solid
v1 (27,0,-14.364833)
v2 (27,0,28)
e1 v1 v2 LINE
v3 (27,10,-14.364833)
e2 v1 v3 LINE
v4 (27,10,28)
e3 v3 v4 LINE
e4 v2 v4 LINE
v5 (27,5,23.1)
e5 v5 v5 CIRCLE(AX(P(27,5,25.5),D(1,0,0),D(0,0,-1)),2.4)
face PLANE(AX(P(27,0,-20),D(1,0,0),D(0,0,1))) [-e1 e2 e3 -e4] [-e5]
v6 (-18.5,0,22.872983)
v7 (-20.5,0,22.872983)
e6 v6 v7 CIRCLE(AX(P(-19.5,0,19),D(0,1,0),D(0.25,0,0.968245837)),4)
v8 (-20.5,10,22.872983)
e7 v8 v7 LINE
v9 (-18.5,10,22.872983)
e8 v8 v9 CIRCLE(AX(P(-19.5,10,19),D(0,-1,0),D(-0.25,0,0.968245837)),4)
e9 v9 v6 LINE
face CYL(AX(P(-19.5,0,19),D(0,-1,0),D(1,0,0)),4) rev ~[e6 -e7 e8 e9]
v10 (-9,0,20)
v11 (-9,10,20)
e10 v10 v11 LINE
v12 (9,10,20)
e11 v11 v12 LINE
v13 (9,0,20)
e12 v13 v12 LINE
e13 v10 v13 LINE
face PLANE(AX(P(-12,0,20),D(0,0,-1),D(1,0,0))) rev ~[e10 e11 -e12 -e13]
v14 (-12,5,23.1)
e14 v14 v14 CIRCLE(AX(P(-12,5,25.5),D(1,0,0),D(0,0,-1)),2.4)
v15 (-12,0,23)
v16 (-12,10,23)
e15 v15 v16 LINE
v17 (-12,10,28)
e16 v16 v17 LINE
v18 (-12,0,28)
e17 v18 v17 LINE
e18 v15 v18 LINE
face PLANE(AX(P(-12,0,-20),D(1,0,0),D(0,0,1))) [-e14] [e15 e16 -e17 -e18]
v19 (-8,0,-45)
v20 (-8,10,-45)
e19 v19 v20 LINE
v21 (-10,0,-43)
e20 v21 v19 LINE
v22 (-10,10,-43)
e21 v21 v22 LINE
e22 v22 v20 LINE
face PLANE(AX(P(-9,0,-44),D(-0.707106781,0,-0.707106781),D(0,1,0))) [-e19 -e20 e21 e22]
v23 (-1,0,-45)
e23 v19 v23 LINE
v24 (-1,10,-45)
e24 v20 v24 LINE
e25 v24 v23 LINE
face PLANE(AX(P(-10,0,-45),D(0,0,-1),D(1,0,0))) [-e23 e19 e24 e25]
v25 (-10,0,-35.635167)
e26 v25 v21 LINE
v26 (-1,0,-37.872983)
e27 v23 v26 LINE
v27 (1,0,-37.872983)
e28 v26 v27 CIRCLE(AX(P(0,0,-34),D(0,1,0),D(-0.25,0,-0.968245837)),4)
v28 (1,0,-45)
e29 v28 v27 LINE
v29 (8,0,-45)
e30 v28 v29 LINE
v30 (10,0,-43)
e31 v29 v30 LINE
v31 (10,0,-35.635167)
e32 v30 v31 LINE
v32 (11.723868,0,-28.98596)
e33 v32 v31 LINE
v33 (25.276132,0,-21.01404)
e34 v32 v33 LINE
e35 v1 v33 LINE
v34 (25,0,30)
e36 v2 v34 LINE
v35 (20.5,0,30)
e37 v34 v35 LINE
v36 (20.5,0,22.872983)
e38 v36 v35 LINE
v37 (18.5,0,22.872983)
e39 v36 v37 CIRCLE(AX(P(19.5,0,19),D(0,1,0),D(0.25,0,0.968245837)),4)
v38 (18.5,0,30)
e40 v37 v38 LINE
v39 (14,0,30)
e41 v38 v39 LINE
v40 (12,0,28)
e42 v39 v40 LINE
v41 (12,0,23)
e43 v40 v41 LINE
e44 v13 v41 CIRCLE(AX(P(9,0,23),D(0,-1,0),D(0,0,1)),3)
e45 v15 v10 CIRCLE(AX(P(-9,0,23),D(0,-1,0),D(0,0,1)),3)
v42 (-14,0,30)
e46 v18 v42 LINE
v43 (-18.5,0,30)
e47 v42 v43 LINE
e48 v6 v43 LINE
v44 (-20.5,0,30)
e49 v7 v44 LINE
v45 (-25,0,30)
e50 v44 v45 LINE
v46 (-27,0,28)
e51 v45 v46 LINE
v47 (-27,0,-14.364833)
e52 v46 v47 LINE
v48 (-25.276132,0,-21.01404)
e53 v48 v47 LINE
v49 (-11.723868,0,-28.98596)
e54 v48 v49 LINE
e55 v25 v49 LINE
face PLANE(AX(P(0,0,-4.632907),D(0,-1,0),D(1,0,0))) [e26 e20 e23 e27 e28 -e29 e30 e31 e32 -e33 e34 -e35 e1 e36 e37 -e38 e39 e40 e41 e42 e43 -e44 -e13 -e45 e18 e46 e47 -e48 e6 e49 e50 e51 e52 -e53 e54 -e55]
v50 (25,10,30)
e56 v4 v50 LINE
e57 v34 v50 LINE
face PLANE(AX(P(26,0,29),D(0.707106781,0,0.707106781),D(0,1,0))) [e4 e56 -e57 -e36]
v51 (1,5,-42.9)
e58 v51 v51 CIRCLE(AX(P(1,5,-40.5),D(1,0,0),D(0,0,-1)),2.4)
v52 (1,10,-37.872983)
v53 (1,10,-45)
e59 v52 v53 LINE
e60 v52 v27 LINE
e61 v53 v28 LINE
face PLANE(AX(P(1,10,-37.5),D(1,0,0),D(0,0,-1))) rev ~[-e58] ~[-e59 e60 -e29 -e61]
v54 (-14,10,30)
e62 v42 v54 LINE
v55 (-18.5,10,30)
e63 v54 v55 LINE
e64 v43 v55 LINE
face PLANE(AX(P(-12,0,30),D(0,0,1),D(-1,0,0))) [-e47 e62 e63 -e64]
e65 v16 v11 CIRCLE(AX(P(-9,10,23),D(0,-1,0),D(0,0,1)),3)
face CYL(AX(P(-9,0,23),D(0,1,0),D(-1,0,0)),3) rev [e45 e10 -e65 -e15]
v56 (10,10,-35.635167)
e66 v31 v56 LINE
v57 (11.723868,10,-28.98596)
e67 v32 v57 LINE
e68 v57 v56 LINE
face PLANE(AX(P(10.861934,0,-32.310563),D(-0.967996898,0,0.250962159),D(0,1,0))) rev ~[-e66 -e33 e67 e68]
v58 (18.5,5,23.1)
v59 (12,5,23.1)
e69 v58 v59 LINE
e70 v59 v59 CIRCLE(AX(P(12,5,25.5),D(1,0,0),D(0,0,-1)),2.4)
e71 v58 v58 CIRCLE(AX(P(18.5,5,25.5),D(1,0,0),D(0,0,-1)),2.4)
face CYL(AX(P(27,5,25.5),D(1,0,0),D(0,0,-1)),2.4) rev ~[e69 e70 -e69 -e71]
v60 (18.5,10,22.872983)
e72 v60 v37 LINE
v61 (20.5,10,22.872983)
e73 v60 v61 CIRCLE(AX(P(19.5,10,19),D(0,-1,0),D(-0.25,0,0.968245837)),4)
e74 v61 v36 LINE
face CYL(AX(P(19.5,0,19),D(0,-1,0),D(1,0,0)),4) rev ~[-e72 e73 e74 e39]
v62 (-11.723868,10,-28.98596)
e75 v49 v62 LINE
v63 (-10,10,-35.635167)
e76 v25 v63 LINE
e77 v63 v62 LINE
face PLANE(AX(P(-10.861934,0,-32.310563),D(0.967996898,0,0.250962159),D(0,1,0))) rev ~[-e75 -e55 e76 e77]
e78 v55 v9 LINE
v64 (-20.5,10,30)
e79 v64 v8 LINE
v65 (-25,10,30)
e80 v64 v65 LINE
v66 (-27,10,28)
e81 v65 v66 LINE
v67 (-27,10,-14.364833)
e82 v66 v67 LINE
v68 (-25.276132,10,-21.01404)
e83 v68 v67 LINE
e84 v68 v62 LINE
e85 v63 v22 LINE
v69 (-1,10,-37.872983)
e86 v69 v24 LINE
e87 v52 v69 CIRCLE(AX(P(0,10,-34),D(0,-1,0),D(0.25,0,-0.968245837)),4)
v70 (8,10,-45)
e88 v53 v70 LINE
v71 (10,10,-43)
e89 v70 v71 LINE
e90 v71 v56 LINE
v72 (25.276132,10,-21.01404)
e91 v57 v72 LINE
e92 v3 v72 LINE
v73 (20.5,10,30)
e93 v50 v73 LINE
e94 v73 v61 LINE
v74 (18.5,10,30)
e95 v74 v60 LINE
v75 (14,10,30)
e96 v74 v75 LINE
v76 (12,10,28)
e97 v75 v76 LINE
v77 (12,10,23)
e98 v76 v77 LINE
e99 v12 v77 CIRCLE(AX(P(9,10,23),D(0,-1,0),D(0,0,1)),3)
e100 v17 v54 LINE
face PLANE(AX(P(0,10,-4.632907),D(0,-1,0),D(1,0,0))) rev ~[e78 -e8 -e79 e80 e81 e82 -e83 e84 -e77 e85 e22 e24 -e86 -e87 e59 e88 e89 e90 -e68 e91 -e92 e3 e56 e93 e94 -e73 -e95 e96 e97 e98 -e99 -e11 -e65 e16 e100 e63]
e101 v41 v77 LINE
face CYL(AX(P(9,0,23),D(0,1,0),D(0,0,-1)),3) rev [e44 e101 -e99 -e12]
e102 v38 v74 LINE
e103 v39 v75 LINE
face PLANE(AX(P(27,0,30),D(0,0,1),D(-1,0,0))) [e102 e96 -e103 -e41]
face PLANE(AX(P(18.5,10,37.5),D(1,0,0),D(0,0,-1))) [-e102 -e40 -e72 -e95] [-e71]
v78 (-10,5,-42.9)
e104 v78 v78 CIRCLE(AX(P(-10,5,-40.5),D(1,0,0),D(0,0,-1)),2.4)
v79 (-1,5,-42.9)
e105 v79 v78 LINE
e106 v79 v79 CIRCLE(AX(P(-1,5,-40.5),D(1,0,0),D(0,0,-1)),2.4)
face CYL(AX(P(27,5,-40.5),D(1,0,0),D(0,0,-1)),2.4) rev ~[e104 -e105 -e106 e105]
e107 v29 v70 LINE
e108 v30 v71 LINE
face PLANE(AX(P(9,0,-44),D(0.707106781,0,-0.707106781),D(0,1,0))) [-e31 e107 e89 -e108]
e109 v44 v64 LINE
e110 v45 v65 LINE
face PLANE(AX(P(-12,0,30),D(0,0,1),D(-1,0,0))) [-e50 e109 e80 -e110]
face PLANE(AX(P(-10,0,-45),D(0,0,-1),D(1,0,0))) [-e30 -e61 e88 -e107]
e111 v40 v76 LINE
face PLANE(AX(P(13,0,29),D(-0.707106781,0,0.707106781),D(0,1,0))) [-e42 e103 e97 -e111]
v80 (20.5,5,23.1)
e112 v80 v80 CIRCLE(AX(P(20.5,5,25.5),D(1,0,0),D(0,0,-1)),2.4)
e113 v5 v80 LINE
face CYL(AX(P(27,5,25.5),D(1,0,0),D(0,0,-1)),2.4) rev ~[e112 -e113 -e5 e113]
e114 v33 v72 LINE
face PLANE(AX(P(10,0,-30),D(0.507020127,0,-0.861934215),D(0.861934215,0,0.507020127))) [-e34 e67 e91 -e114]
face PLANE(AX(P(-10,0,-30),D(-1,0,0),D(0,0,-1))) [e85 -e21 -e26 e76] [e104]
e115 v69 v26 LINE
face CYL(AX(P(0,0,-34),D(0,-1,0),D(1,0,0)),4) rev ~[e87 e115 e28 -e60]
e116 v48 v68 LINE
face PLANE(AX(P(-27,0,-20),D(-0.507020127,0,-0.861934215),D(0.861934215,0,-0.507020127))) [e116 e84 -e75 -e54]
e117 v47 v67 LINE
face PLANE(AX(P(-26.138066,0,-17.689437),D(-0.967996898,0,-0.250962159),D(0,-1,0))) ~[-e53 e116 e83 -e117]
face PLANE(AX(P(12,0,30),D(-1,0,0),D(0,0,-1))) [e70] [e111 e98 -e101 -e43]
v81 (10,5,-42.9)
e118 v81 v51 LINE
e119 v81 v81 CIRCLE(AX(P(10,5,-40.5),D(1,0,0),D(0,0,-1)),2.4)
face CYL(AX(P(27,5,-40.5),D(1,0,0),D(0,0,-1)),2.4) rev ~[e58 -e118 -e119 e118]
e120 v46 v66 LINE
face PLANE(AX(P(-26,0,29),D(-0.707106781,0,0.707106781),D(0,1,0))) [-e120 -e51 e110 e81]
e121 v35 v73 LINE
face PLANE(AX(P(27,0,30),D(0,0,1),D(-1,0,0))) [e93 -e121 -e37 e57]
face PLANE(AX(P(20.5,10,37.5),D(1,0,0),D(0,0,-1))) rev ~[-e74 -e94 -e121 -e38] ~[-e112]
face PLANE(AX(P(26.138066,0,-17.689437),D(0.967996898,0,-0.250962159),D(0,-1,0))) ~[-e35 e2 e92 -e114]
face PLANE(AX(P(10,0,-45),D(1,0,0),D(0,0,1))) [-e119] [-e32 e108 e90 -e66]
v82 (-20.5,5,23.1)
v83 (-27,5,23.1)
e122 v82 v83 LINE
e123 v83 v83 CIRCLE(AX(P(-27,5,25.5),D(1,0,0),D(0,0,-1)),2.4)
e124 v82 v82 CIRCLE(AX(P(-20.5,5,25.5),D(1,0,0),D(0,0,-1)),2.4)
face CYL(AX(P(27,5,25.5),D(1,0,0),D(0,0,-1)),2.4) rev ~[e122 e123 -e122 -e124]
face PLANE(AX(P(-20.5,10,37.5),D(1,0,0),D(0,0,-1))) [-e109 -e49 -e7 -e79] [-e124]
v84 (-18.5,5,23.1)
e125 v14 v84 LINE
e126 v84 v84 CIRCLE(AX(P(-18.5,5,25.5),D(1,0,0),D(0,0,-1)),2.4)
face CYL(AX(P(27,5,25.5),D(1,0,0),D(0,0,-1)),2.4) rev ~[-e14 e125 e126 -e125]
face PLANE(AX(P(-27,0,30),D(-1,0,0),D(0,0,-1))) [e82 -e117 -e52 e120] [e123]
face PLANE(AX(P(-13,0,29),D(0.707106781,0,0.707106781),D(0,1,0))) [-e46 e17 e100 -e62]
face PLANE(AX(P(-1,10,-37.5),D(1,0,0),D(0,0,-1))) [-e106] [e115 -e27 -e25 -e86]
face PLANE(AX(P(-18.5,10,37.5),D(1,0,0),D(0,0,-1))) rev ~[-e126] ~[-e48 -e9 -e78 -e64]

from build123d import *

# Parameters (mm, degrees)
SKETCH1_W             = 24
SKETCH1_H             = 40
BOSS_EXTRUDE1_DEPTH   = 10
SKETCH2_R             = 4
BOSS_EXTRUDE2_DEPTH   = 10
SKETCH4_W             = 2
SKETCH4_H             = 15
CUT_EXTRUDE1_DEPTH    = 20
SKETCH5_R             = 2.4
CUT_EXTRUDE2_DEPTH    = 56
CHAMFER2_SIZE         = 2
CHAMFER3_SIZE2        = 2
CHAMFER3_SIZE         = 5.63516655
CHAMFER3_EDGE_2_SIZE2 = 5.63516655
CHAMFER3_EDGE_2_SIZE  = 2
CHAMFER3_EDGE_3_SIZE2 = 2
CHAMFER3_EDGE_3_SIZE  = 5.63516655
CHAMFER3_EDGE_4_SIZE2 = 5.63516655
CHAMFER3_EDGE_4_SIZE  = 2
FILLET2_R             = 3


with BuildPart() as part:
    # Sketch1 → Boss-Extrude1 (new body)
    with BuildSketch(Plane(origin=(0, 0, 0), x_dir=(1, 0, 0), z_dir=(0, 1, 0))):
        Rectangle(SKETCH1_W, SKETCH1_H)
    extrude(amount=BOSS_EXTRUDE1_DEPTH)

    # Sketch2 → Boss-Extrude2 (add)
    with BuildSketch(Plane.XZ):
        Polygon((-12, -20), (-12, 30), (-27, 30), (-27, -20), (-10, -30), (-10, -45), (10, -45), (10, -30), (27, -20), (27, 30), (12, 30), (12, -20), align=None)
        with Locations((0, -34)):
            Circle(SKETCH2_R, mode=Mode.SUBTRACT)
        with Locations((-19.5, 19)):
            Circle(SKETCH2_R, mode=Mode.SUBTRACT)
        with Locations((19.5, 19)):
            Circle(SKETCH2_R, mode=Mode.SUBTRACT)
    extrude(amount=-BOSS_EXTRUDE2_DEPTH)

    # Sketch4 → Cut-Extrude1 (cut)
    with BuildSketch(Plane(origin=(0, 10, 0), x_dir=(1, 0, 0), z_dir=(0, 1, 0))):
        with Locations((19.5, -30)):
            Rectangle(SKETCH4_W, SKETCH4_H)
        with Locations((-19.5, -30)):
            Rectangle(SKETCH4_W, SKETCH4_H)
        with Locations((0, 45)):
            Rectangle(SKETCH4_W, SKETCH4_H)
    extrude(amount=-CUT_EXTRUDE1_DEPTH, mode=Mode.SUBTRACT)

    # Sketch5 → Cut-Extrude2 (cut)
    with BuildSketch(Plane(origin=(27, 0, 0), x_dir=(0, 0, -1), z_dir=(1, 0, 0))):
        with Locations((-25.5, 5)):
            Circle(SKETCH5_R)
        with Locations((40.5, 5)):
            Circle(SKETCH5_R)
    extrude(amount=-CUT_EXTRUDE2_DEPTH, mode=Mode.SUBTRACT)

    # Chamfer2
    chamfer2_edges = [part.edges().sort_by_distance(p)[0] for p in [
        (-12, 5, 30),
        (12, 5, 30),
        (27, 5, 30),
        (10, 5, -45),
        (-10, 5, -45),
        (-27, 5, 30),
    ]]
    chamfer(chamfer2_edges, length=CHAMFER2_SIZE)

    # Chamfer3
    chamfer3_edges = [part.edges().sort_by_distance(p)[0] for p in [
        (27, 5, -20),
    ]]
    chamfer(chamfer3_edges, length=CHAMFER3_SIZE, length2=CHAMFER3_SIZE2)

    # Chamfer3 edge 2
    chamfer3_edge_2_edges = [part.edges().sort_by_distance(p)[0] for p in [
        (10, 5, -30),
    ]]
    chamfer(chamfer3_edge_2_edges, length=CHAMFER3_EDGE_2_SIZE, length2=CHAMFER3_EDGE_2_SIZE2)

    # Chamfer3 edge 3
    chamfer3_edge_3_edges = [part.edges().sort_by_distance(p)[0] for p in [
        (-10, 5, -30),
    ]]
    chamfer(chamfer3_edge_3_edges, length=CHAMFER3_EDGE_3_SIZE, length2=CHAMFER3_EDGE_3_SIZE2)

    # Chamfer3 edge 4
    chamfer3_edge_4_edges = [part.edges().sort_by_distance(p)[0] for p in [
        (-27, 5, -20),
    ]]
    chamfer(chamfer3_edge_4_edges, length=CHAMFER3_EDGE_4_SIZE, length2=CHAMFER3_EDGE_4_SIZE2)

    # Fillet2
    fillet2_edges = [part.edges().sort_by_distance(p)[0] for p in [
        (12, 5, 20),
        (-12, 5, 20),
    ]]
    fillet(fillet2_edges, radius=FILLET2_R)


solid = part.part
